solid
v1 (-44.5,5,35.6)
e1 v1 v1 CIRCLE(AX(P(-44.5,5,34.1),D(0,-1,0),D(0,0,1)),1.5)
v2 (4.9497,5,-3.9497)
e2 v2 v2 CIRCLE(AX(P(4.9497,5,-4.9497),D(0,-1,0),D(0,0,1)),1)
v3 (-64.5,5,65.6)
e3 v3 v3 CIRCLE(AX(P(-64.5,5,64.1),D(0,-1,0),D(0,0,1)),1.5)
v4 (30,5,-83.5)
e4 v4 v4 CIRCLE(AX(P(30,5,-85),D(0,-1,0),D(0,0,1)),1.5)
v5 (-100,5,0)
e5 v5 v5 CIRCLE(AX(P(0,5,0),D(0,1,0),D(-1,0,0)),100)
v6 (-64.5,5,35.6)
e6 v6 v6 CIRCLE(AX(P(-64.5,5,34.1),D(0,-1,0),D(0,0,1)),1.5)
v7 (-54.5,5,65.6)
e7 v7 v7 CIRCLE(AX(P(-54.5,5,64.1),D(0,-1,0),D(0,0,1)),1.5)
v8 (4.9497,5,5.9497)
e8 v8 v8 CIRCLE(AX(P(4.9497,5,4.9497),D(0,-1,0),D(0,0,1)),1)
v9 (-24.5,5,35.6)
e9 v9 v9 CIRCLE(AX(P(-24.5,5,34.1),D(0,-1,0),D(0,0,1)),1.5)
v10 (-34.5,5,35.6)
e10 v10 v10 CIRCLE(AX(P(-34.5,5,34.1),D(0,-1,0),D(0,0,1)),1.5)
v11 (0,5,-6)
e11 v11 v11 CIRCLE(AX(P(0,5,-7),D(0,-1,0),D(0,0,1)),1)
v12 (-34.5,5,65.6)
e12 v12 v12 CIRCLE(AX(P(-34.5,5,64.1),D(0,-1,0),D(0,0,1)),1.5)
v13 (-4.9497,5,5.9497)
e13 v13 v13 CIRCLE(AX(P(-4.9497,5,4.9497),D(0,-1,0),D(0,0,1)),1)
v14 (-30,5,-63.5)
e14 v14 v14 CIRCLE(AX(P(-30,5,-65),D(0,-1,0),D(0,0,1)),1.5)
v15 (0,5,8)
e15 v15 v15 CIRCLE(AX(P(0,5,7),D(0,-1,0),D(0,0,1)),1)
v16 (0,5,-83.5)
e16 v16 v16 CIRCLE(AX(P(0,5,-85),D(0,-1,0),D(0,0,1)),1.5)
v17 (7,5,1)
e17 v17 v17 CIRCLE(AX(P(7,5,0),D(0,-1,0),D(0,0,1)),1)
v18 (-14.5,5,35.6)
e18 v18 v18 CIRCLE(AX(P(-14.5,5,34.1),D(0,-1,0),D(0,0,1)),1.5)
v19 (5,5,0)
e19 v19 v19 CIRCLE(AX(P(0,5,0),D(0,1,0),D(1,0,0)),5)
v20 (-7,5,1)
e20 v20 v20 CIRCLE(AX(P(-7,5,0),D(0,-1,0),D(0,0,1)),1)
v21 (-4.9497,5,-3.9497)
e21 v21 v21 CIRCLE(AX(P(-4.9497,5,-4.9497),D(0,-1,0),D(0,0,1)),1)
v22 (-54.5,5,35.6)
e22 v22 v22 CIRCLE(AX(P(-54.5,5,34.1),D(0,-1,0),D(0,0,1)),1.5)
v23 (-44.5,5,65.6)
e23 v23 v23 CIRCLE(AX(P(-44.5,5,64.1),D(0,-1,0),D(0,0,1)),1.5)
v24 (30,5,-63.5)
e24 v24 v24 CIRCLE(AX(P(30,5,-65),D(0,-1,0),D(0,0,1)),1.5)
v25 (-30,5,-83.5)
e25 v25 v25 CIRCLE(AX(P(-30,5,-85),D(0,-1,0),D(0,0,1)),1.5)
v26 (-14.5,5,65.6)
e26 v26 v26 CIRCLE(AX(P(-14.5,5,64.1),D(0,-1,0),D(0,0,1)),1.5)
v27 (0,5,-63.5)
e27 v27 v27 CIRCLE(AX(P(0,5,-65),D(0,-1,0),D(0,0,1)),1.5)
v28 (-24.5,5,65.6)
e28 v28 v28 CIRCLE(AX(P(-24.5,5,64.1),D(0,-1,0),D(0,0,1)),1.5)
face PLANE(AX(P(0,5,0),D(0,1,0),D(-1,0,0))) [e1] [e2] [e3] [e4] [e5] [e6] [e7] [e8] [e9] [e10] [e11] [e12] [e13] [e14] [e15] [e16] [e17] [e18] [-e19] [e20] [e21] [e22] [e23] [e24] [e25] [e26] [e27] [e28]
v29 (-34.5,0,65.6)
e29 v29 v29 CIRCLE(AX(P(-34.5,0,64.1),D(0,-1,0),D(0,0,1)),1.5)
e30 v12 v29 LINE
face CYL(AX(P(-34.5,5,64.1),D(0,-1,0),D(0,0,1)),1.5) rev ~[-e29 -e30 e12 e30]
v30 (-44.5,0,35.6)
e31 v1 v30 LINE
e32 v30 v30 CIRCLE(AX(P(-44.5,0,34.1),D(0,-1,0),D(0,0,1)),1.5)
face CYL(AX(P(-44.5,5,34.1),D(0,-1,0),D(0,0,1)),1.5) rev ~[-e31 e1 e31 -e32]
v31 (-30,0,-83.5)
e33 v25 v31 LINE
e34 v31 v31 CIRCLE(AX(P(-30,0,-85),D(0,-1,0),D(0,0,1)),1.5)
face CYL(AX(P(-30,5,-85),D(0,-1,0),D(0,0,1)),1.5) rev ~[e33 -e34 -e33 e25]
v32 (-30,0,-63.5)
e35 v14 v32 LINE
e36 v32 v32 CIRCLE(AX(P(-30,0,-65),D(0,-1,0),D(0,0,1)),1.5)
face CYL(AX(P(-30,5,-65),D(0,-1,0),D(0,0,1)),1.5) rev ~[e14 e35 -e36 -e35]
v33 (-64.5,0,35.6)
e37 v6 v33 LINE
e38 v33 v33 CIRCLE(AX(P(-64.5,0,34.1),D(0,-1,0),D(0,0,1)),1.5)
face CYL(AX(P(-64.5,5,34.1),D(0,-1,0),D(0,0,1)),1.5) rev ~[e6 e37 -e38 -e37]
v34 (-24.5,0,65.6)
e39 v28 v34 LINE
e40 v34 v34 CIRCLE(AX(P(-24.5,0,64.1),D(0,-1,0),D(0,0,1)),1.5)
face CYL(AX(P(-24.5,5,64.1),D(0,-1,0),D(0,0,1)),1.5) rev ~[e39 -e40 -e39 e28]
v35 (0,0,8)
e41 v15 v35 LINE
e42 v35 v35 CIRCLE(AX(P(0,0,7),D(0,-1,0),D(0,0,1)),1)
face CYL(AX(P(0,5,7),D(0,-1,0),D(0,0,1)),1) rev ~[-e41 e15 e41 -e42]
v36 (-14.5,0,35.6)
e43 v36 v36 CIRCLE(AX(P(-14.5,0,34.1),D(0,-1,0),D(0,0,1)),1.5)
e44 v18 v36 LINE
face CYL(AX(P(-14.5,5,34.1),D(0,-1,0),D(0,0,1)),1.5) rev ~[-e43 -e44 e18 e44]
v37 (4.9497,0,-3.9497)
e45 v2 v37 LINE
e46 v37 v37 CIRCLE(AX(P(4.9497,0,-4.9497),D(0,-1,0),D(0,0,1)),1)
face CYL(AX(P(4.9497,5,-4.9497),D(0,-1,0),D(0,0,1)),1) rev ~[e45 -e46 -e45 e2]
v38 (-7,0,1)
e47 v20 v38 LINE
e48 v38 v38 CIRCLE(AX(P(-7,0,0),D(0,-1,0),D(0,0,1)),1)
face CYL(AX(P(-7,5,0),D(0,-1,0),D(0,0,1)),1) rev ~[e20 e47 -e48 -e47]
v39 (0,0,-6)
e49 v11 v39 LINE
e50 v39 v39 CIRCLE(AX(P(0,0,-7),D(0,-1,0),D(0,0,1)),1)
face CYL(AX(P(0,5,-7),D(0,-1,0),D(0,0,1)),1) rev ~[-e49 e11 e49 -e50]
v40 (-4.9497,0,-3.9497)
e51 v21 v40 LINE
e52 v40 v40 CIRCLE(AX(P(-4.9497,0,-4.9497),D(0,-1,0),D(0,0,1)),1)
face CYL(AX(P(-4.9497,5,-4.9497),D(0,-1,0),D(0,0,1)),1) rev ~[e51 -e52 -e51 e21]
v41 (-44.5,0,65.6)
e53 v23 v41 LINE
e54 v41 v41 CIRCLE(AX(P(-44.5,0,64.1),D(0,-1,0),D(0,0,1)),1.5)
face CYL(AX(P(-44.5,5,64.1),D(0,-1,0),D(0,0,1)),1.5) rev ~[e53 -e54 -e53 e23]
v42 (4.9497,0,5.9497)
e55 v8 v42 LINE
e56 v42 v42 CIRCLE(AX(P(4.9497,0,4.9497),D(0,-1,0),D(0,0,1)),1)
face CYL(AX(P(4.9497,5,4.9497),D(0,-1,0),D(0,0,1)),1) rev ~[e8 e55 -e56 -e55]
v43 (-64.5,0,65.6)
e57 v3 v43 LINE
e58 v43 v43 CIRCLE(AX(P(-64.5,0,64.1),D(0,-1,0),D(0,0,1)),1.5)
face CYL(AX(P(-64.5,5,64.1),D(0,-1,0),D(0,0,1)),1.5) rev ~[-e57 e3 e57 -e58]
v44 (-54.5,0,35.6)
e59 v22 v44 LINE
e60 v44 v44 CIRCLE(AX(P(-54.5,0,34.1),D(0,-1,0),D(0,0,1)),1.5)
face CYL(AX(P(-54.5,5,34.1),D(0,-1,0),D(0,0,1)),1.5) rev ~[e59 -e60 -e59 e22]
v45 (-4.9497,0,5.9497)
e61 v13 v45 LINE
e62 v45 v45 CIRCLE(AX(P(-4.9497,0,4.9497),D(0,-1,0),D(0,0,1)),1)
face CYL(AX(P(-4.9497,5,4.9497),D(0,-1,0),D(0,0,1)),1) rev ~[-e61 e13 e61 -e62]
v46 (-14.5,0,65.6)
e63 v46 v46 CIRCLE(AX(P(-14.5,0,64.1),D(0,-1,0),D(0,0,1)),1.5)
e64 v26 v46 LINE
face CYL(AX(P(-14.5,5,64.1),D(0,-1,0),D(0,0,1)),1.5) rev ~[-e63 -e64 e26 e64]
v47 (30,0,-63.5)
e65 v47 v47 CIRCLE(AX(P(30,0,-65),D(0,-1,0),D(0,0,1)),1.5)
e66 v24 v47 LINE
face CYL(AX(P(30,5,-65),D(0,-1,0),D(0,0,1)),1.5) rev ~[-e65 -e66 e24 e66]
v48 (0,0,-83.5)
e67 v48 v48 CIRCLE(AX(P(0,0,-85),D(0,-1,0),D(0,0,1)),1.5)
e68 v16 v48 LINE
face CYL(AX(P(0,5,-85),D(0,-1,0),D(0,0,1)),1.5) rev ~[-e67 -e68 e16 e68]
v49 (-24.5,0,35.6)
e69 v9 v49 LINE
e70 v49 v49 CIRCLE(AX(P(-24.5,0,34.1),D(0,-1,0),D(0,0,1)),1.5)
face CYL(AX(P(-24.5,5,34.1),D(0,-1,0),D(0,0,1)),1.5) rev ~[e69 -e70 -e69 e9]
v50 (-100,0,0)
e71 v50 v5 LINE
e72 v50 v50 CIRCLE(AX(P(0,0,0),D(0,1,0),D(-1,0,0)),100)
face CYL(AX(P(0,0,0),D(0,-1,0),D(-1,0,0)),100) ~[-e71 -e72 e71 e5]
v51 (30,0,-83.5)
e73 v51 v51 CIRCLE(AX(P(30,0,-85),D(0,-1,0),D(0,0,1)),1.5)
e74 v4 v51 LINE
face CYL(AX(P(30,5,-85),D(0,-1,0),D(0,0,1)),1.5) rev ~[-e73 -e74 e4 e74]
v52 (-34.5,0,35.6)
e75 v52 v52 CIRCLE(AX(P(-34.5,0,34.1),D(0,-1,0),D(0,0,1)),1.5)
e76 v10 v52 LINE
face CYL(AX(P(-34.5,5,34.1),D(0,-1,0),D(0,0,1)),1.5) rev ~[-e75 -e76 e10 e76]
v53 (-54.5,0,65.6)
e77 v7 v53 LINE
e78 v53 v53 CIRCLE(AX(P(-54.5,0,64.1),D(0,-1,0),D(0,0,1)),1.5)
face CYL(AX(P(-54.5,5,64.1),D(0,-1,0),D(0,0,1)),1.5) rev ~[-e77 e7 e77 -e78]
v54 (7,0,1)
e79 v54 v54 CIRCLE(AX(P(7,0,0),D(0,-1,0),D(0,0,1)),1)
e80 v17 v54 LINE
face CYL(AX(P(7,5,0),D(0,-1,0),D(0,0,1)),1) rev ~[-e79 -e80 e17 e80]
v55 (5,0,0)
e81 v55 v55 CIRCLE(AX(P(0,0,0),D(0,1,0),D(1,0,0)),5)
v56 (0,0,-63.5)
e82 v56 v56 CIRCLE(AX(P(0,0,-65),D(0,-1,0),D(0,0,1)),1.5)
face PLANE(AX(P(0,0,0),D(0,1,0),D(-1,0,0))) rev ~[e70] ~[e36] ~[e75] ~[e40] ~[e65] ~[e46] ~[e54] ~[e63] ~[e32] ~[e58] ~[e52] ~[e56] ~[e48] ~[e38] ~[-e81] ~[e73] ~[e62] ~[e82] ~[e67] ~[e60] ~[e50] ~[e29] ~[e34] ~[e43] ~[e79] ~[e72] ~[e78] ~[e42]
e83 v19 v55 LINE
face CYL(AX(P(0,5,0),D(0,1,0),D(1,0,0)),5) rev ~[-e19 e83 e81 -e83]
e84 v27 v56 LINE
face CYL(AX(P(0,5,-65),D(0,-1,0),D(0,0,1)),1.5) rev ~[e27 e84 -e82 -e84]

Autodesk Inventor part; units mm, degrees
ref_plane "YZ Plane" through (0, 0, 0) normal (1, 0, 0) x (0, 1, 0)
ref_plane "XZ Plane" through (0, 0, 0) normal (0, 1, 0) x (-1, 0, 0)
ref_plane "XY Plane" through (0, 0, 0) normal (0, 0, 1) x (1, 0, 0)
sketch "スケッチ1" plane through (0, 0, 0) normal (0, 1, 0) x (-1, 0, 0)
  circle A0 centre (0, 0) radius 100
  dimension "d0" = 200
extrude "押し出し1" add sketch "スケッチ1" along normal blind 5
sketch "スケッチ12" plane through (0, 5, 0) normal (0, 1, 0) x (1, 0, 0)
  circle A0 centre (0, 0) radius 100 projected
  circle A1 centre (0, 0) radius 3.5
  circle A2 centre (0, 0) radius 5
  circle A3 centre (0, 0) radius 7
  circle A4 centre (0, 7) radius 1
  circle A5 centre (-4.9497, 4.9497) radius 1
  circle A6 centre (-7, 0) radius 1
  circle A7 centre (-4.9497, -4.9497) radius 1
  circle A8 centre (0, -7) radius 1
  circle A9 centre (4.9497, -4.9497) radius 1
  circle A10 centre (7, 0) radius 1
  circle A11 centre (4.9497, 4.9497) radius 1
  dimension "d94" = 14
  dimension "d92" = 7
  dimension "d93" = 10
  dimension "d95" = 2
  dimension "d98" = 360
hole "穴5" at (-7, 5, 0) at (-4.9497, 5, 4.9497) at (0, 5, 7) at (0, 5, -7) at (4.9497, 5, -4.9497) at (7, 5, 0) at (4.9497, 5, 4.9497) at (-4.9497, 5, -4.9497) direction (0, -1, 0) diameter 2 depth 8 tip angle 118
sketch "スケッチ13" plane through (0, 5, 0) normal (0, 1, 0) x (1, 0, 0)
  circle A0 centre (0, 0) radius 100 projected
  circle A1 centre (0, 0) radius 5
  dimension "d107" = 10
extrude "押し出し4" cut sketch "スケッチ13" against normal blind 10 contours A1
sketch "スケッチ14" plane through (0, 5, 0) normal (0, 1, 0) x (1, 0, 0)
  circle A0 centre (0, 0) radius 100 projected
  line L0 (0, 0) -> (0, 55)
  line L1 (0, 55) -> (0, 65)
  line L2 (0, 65) -> (0, 85)
  line L3 (0, 65) -> (30, 65)
  line L4 (0, 65) -> (-30, 65)
  line L5 (-30, 65) -> (30, 65)
  line L6 (30, 65) -> (30, 85)
  line L7 (30, 85) -> (-30, 85)
  line L8 (-30, 85) -> (-30, 65)
  line L9 (0, 0) -> (0, -49.1)
  line L10 (0, -49.1) -> (-14.5, -49.1)
  line L11 (-14.5, -49.1) -> (-14.5, -34.1)
  line L12 (-14.5, -34.1) -> (-24.5, -34.1)
  line L13 (-24.5, -34.1) -> (-34.5, -34.1)
  line L14 (-34.5, -34.1) -> (-44.5, -34.1)
  line L15 (-44.5, -34.1) -> (-54.5, -34.1)
  line L16 (-54.5, -34.1) -> (-64.5, -34.1)
  line L17 (-24.5, -64.1) -> (-34.5, -64.1)
  line L18 (-34.5, -64.1) -> (-44.5, -64.1)
  line L19 (-44.5, -64.1) -> (-54.5, -64.1)
  line L20 (-54.5, -64.1) -> (-64.5, -64.1)
  point P0 (-14.5, -64.1)
  point P1 (-7.25, -49.1)
  dimension "d110" = 55
  dimension "d111" = 10
  dimension "d112" = 20
  dimension "d114" = 30
  dimension "d115" = 30
  dimension "d116" = 49.1
  dimension "d117" = 14.5
  dimension "d118" = 15
  dimension "d119" = 10
  dimension "d120" = 10
  dimension "d121" = 10
  dimension "d122" = 10
  dimension "d123" = 10
hole "穴6" at (-30, 5, -85) at (-30, 5, -65) at (0, 5, -85) at (0, 5, -65) at (30, 5, -65) at (30, 5, -85) at (-64.5, 5, 34.1) at (-54.5, 5, 34.1) at (-44.5, 5, 34.1) at (-34.5, 5, 34.1) at (-24.5, 5, 34.1) at (-14.5, 5, 34.1) at (-64.5, 5, 64.1) at (-54.5, 5, 64.1) at (-44.5, 5, 64.1) at (-34.5, 5, 64.1) at (-24.5, 5, 64.1) at (-14.5, 5, 64.1) at (-30, 5, -85) at (-30, 5, -65) direction (0, -1, 0) diameter 3 depth 8 tip angle 118
properties part number "知能ロボコンターンテーブル.dxf" material "アセタール樹脂、白"
